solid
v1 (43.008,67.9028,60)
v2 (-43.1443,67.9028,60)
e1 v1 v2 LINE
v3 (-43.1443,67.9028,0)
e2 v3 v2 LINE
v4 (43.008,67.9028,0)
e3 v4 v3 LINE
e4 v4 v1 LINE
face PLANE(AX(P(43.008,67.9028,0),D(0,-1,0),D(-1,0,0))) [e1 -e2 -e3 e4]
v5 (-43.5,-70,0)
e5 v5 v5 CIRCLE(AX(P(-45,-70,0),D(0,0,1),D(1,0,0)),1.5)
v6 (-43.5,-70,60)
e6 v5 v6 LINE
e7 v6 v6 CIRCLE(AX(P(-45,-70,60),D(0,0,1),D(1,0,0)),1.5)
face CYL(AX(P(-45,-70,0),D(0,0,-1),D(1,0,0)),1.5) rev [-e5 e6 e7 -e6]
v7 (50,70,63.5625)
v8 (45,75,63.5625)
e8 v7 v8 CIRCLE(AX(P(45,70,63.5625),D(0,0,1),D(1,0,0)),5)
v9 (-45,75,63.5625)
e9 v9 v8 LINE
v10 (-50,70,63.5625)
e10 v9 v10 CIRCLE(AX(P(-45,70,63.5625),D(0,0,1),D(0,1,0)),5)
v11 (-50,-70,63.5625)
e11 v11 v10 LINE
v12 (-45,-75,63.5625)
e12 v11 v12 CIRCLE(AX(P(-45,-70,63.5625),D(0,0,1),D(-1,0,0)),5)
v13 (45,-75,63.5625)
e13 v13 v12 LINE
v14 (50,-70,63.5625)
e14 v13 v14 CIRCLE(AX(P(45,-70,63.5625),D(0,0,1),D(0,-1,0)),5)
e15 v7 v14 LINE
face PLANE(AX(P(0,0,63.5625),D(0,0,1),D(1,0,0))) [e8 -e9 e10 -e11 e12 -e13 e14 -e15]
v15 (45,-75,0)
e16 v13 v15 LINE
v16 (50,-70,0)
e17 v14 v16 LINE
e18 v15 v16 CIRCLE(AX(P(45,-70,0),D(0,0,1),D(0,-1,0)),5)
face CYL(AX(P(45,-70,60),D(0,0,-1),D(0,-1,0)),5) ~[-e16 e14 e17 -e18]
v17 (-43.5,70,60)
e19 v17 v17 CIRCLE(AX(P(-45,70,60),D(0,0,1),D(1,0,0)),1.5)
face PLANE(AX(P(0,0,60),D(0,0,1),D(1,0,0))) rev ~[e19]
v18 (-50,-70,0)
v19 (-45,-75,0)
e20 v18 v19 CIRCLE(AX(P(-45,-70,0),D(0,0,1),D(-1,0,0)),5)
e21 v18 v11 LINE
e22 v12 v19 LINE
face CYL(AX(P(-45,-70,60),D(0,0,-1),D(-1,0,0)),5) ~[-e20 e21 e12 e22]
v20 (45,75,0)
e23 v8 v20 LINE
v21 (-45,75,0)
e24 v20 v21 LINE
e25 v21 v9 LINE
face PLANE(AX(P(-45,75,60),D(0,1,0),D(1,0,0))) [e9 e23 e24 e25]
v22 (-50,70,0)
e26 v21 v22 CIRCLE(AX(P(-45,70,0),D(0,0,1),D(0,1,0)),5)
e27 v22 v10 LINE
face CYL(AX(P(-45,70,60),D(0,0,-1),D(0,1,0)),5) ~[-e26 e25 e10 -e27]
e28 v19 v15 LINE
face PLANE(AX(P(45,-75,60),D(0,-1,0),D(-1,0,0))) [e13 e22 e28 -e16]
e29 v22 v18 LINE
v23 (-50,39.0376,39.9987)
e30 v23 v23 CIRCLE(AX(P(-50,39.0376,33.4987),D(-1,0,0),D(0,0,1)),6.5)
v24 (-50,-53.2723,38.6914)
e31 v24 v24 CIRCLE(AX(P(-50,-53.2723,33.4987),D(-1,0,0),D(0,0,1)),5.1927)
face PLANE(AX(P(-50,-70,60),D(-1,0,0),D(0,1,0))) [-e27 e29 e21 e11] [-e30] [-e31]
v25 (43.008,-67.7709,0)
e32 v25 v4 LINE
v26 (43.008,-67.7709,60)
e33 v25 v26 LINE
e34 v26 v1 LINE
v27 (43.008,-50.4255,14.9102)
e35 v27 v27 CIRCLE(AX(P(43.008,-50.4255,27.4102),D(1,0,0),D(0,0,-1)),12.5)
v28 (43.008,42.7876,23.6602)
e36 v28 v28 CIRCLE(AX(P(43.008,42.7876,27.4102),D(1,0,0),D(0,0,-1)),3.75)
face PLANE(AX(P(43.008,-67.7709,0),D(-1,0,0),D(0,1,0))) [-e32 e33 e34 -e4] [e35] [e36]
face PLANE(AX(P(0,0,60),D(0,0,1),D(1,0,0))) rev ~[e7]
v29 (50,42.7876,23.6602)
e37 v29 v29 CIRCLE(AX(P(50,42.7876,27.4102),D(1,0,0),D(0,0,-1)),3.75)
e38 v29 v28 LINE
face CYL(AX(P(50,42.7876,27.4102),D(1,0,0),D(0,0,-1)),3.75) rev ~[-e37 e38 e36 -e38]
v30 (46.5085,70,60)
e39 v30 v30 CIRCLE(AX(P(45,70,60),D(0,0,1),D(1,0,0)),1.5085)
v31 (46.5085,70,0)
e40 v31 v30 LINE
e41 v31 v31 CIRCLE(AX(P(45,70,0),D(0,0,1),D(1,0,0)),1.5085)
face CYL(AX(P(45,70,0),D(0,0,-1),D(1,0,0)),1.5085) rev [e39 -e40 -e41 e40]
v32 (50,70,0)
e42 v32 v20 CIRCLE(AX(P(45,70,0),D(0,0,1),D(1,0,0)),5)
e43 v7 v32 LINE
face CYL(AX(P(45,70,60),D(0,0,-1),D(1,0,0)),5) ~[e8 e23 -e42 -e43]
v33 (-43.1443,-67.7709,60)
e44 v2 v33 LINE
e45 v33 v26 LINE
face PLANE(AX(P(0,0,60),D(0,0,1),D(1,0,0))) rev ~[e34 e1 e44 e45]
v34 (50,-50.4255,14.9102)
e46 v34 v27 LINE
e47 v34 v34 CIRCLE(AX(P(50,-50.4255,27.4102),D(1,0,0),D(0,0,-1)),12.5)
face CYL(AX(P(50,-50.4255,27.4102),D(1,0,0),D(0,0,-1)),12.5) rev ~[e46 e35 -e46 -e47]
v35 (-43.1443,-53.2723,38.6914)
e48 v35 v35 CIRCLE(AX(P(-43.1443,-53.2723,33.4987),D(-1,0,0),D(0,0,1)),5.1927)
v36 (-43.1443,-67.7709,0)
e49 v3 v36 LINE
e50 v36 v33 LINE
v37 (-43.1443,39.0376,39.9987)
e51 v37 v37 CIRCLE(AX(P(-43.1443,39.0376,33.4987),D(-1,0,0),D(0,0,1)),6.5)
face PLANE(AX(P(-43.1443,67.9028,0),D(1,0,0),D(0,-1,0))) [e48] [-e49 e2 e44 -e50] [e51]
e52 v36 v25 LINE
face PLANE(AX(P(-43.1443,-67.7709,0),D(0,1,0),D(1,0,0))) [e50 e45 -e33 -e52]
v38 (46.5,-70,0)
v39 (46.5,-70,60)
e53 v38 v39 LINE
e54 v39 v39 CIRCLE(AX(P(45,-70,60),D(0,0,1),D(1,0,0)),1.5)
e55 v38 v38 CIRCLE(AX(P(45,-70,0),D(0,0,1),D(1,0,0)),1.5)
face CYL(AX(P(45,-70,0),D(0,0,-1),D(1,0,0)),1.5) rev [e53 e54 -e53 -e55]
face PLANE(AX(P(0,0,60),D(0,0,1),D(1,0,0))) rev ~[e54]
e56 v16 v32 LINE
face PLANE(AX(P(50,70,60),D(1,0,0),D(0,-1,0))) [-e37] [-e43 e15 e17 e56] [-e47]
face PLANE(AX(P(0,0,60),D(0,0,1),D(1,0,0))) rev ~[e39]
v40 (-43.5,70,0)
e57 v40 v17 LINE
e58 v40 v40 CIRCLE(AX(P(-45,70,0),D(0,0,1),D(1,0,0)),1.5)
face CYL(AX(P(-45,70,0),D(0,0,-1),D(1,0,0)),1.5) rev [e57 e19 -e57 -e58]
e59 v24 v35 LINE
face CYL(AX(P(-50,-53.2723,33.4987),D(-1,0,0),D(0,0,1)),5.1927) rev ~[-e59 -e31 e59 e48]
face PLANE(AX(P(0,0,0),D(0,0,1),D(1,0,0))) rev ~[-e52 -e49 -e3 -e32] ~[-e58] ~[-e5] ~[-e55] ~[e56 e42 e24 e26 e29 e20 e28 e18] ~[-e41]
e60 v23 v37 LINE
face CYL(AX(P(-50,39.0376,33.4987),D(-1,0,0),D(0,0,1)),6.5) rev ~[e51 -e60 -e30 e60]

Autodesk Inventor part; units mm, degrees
ref_plane "YZ Plane" through (0, 0, 0) normal (1, 0, 0) x (0, 1, 0)
ref_plane "XZ Plane" through (0, 0, 0) normal (0, 1, 0) x (-1, 0, 0)
ref_plane "XY Plane" through (0, 0, 0) normal (0, 0, 1) x (1, 0, 0)
ref_plane "Work Plane1" through (0, 0, 0) normal (0, 0, 1) x (1, 0, 0)
sketch "Sketch1" plane through (0, 0, 0) normal (0, 0, 1) x (1, 0, 0)
  line L0 (45, 75) -> (-45, 75)
  line L1 (-50, 70) -> (-50, -70)
  line L2 (-45, -75) -> (45, -75)
  line L3 (50, -70) -> (50, 70)
  arc A0 (50, 70) -> (45, 75) centre (45, 70) ccw
  arc A1 (-45, 75) -> (-50, 70) centre (-45, 70) ccw
  arc A2 (-50, -70) -> (-45, -75) centre (-45, -70) ccw
  arc A3 (45, -75) -> (50, -70) centre (45, -70) ccw
  line L4 (43.008, 67.9028) -> (-43.1443, 67.9028)
  line L5 (-43.1443, 67.9028) -> (-43.1443, -67.7709)
  line L6 (-43.1443, -67.7709) -> (43.008, -67.7709)
  line L7 (43.008, -67.7709) -> (43.008, 67.9028)
  circle A4 centre (45, 70) radius 1.5085
  circle A5 centre (-45, 70) radius 1.5
  circle A6 centre (-45, -70) radius 1.5
  circle A7 centre (45, -70) radius 1.5
  point P0 (0, 0)
  dimension "d0" = 5
  dimension "d1" = 3
  dimension "d2" = 3
  dimension "d3" = 3
extrude "Extrusion1" add sketch "Sketch1" along normal blind 60
sketch "Sketch2" plane through (50, -70, 0) normal (1, 0, 0) x (0, 0, -1)
  circle A0 centre (-27.4102, 19.5745) radius 12.5
  circle A1 centre (-27.4102, 112.7876) radius 3.75
  point P0 (0, 70)
  dimension "d6" = 25
  dimension "d9" = 7.5
extrude "Extrusion2" cut sketch "Sketch2" against normal up to surface (6.992 mm away)
sketch "Sketch3" plane through (0, 0, 60) normal (0, 0, 1) x (1, 0, 0)
  line L0 (-45, 75) -> (45, 75)
  line L1 (50, 70) -> (50, -70)
  line L2 (45, -75) -> (-45, -75)
  line L3 (-50, -70) -> (-50, 70)
  arc A0 (45, -75) -> (50, -70) centre (45, -70) ccw
  arc A1 (-50, -70) -> (-45, -75) centre (-45, -70) ccw
  arc A2 (-45, 75) -> (-50, 70) centre (-45, 70) ccw
  arc A3 (50, 70) -> (45, 75) centre (45, 70) ccw
  point P0 (0, 0)
  dimension "d10" = 5
extrude "Extrusion3" add sketch "Sketch3" along normal blind 3.5625
sketch "Sketch4" plane through (-50, -70, 0) normal (-1, 0, 0) x (0, 0, 1)
  circle A0 centre (33.4987, 16.7277) radius 5.1927
  circle A1 centre (33.4987, 109.0376) radius 6.5
  point P0 (0, 70)
  dimension "d15" = 13
extrude "Extrusion4" cut sketch "Sketch4" against normal up to surface (6.8557 mm away)
properties part number "Base"
